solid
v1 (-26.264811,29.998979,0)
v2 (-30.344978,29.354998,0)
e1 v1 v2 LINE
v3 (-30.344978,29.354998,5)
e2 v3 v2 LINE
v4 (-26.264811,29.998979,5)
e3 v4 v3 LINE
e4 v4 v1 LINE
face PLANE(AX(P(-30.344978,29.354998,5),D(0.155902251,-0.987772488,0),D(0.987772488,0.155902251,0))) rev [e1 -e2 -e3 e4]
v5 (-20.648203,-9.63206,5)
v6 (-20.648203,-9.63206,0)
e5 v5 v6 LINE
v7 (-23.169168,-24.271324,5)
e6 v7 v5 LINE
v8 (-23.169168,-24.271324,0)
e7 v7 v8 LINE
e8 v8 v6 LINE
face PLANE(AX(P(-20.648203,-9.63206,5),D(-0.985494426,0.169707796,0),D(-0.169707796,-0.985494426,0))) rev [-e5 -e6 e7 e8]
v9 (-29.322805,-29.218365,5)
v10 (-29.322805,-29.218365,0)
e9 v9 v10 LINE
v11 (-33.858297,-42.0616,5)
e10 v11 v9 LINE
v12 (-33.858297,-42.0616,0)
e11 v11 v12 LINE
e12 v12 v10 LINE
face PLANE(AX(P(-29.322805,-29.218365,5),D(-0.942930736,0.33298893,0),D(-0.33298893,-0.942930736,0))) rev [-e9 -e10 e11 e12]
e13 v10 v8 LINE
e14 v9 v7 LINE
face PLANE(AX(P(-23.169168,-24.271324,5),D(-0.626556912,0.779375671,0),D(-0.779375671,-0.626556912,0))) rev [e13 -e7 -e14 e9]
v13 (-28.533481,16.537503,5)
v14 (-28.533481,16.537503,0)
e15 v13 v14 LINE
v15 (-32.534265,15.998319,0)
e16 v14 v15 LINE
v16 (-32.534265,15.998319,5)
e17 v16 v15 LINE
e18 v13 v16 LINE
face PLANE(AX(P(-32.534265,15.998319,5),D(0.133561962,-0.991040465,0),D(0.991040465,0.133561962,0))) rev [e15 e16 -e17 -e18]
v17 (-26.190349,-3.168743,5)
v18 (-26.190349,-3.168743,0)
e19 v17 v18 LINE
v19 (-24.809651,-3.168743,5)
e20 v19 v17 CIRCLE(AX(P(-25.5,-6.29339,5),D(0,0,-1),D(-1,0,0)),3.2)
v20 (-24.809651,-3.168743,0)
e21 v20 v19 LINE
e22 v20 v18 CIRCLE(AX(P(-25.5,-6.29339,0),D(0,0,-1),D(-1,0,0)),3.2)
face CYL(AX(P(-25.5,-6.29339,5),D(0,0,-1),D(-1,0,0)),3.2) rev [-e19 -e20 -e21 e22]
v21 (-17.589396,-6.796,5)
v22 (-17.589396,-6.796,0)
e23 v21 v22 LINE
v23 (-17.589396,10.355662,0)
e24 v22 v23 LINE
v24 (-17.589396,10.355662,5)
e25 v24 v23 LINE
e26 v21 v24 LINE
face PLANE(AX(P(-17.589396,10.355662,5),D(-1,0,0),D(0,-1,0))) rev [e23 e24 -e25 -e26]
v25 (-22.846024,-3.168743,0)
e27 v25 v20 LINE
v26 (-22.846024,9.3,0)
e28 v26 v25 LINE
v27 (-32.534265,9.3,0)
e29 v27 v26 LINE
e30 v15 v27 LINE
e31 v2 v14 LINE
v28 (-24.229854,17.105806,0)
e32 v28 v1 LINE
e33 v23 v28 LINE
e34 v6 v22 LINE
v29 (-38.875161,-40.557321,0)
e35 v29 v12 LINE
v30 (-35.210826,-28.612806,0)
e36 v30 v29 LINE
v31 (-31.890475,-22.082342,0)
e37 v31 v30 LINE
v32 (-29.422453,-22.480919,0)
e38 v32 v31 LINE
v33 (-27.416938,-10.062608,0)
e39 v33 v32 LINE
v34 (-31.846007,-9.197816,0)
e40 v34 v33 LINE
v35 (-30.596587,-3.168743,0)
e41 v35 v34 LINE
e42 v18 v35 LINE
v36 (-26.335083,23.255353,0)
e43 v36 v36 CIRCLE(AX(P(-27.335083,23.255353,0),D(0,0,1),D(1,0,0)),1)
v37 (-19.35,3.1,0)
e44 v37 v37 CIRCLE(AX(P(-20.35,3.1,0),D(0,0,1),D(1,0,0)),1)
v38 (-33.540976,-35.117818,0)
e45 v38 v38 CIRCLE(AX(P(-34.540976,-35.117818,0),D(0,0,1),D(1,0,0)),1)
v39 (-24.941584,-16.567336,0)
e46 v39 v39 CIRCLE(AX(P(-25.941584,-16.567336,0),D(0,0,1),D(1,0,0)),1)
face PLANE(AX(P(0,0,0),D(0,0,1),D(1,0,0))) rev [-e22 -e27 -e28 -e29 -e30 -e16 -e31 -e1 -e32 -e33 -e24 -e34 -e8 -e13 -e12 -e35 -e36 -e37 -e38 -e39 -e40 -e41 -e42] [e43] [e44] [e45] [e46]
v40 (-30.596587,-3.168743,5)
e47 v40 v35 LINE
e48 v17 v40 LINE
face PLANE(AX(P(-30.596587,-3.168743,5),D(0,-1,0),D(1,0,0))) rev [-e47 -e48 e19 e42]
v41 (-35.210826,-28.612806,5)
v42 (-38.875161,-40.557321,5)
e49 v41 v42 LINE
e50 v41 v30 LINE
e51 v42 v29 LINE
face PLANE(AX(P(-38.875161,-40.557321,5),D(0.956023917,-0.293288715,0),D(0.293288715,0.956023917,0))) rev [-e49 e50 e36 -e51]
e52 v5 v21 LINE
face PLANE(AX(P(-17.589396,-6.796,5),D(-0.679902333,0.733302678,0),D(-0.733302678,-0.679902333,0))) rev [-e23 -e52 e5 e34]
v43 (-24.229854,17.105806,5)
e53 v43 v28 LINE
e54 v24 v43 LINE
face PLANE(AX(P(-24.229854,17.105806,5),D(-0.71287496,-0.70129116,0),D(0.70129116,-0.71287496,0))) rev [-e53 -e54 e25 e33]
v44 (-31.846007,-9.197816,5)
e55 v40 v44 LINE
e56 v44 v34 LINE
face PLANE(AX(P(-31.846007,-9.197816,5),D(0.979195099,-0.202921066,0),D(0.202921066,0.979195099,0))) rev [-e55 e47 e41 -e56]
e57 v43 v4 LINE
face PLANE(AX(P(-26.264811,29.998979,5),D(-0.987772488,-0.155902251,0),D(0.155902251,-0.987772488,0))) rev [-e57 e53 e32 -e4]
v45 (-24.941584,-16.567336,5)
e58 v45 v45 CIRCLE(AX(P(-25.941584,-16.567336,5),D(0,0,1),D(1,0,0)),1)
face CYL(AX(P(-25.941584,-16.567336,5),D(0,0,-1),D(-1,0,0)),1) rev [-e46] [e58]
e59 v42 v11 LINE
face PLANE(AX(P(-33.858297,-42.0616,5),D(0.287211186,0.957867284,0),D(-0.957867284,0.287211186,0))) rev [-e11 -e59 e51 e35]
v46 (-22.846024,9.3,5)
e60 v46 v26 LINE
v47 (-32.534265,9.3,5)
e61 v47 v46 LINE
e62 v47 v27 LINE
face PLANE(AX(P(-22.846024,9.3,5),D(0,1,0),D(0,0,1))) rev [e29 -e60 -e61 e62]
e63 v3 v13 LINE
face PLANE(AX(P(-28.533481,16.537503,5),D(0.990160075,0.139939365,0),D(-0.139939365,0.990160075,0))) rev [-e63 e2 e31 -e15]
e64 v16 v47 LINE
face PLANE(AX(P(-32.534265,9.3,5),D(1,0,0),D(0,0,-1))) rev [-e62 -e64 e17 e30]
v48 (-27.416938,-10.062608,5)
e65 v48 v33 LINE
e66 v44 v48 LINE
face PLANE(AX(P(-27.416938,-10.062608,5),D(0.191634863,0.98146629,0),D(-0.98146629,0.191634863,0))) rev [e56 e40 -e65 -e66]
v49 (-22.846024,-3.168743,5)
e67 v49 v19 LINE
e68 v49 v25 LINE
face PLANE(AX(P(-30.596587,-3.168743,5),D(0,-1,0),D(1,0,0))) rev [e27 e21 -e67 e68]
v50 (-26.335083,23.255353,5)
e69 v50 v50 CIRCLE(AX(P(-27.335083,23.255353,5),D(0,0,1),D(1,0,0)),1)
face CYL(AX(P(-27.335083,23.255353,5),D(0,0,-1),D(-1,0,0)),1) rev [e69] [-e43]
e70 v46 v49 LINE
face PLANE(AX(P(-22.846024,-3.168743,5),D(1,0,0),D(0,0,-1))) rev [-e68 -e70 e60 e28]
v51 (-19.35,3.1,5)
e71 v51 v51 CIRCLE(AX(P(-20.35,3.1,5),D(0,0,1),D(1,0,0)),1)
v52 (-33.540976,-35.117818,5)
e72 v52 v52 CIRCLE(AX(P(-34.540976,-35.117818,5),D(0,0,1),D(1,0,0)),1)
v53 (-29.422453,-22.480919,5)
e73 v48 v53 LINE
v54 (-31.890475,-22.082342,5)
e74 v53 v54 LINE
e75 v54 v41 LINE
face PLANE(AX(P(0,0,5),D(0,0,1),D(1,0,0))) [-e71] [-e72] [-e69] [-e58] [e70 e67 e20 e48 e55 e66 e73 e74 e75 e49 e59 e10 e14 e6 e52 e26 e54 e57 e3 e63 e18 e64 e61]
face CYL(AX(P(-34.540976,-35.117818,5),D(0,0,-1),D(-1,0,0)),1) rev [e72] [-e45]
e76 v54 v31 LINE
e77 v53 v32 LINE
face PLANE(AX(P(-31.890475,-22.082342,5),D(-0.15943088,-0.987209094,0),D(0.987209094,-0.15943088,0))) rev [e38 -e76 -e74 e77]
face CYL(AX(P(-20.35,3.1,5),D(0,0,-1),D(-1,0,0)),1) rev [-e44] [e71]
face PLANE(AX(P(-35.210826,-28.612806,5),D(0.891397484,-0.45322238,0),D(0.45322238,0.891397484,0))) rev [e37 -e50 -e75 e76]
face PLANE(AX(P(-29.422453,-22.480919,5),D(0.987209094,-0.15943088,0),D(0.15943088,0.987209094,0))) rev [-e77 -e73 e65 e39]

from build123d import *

# Parameters (mm, degrees)
SKETCH1_R           = 1
BOSS_EXTRUDE1_DEPTH = 5
SKETCH2_R           = 3.2
CUT_EXTRUDE1_DEPTH  = 6


with BuildPart() as part:
    # Sketch1 → Boss-Extrude1 (new body)
    with BuildSketch(Plane.XY):
        Polygon((-30.344978495, 29.354997846), (-26.26481101, 29.998979434), (-24.229853855, 17.105806435), (-17.589395727, 10.355662433), (-17.589395727, -6.795999984), (-20.648203061, -9.632059779), (-23.169168461, -24.271324462), (-29.322804804, -29.218365444), (-33.858296815, -42.061599658), (-38.875160748, -40.557320866), (-35.210826338, -28.612806279), (-31.890475236, -22.08234188), (-29.422452502, -22.48091908), (-27.416937939, -10.06260833), (-31.846007079, -9.19781647), (-30.596587071, -3.168743327), (-22.846023992, -3.168743327), (-22.846023992, 9.3), (-32.534265366, 9.3), (-32.534265366, 15.998319193), (-28.533481358, 16.537502585), align=None)
        with Locations((-27.335083026, 23.255353238)):
            Circle(SKETCH1_R, mode=Mode.SUBTRACT)
        with Locations((-20.35, 3.1)):
            Circle(SKETCH1_R, mode=Mode.SUBTRACT)
        with Locations((-25.941584057, -16.567336204)):
            Circle(SKETCH1_R, mode=Mode.SUBTRACT)
        with Locations((-34.540975654, -35.117818403)):
            Circle(SKETCH1_R, mode=Mode.SUBTRACT)
    extrude(amount=BOSS_EXTRUDE1_DEPTH)

    # Sketch2 → Cut-Extrude1 (cut, through all)
    with BuildSketch(Plane(origin=(0, 0, 0), x_dir=(-1, 0, 0), z_dir=(0, 0, -1))):
        with Locations((25.5, -6.29339012)):
            Circle(SKETCH2_R)
    extrude(amount=-CUT_EXTRUDE1_DEPTH, mode=Mode.SUBTRACT)


solid = part.part
